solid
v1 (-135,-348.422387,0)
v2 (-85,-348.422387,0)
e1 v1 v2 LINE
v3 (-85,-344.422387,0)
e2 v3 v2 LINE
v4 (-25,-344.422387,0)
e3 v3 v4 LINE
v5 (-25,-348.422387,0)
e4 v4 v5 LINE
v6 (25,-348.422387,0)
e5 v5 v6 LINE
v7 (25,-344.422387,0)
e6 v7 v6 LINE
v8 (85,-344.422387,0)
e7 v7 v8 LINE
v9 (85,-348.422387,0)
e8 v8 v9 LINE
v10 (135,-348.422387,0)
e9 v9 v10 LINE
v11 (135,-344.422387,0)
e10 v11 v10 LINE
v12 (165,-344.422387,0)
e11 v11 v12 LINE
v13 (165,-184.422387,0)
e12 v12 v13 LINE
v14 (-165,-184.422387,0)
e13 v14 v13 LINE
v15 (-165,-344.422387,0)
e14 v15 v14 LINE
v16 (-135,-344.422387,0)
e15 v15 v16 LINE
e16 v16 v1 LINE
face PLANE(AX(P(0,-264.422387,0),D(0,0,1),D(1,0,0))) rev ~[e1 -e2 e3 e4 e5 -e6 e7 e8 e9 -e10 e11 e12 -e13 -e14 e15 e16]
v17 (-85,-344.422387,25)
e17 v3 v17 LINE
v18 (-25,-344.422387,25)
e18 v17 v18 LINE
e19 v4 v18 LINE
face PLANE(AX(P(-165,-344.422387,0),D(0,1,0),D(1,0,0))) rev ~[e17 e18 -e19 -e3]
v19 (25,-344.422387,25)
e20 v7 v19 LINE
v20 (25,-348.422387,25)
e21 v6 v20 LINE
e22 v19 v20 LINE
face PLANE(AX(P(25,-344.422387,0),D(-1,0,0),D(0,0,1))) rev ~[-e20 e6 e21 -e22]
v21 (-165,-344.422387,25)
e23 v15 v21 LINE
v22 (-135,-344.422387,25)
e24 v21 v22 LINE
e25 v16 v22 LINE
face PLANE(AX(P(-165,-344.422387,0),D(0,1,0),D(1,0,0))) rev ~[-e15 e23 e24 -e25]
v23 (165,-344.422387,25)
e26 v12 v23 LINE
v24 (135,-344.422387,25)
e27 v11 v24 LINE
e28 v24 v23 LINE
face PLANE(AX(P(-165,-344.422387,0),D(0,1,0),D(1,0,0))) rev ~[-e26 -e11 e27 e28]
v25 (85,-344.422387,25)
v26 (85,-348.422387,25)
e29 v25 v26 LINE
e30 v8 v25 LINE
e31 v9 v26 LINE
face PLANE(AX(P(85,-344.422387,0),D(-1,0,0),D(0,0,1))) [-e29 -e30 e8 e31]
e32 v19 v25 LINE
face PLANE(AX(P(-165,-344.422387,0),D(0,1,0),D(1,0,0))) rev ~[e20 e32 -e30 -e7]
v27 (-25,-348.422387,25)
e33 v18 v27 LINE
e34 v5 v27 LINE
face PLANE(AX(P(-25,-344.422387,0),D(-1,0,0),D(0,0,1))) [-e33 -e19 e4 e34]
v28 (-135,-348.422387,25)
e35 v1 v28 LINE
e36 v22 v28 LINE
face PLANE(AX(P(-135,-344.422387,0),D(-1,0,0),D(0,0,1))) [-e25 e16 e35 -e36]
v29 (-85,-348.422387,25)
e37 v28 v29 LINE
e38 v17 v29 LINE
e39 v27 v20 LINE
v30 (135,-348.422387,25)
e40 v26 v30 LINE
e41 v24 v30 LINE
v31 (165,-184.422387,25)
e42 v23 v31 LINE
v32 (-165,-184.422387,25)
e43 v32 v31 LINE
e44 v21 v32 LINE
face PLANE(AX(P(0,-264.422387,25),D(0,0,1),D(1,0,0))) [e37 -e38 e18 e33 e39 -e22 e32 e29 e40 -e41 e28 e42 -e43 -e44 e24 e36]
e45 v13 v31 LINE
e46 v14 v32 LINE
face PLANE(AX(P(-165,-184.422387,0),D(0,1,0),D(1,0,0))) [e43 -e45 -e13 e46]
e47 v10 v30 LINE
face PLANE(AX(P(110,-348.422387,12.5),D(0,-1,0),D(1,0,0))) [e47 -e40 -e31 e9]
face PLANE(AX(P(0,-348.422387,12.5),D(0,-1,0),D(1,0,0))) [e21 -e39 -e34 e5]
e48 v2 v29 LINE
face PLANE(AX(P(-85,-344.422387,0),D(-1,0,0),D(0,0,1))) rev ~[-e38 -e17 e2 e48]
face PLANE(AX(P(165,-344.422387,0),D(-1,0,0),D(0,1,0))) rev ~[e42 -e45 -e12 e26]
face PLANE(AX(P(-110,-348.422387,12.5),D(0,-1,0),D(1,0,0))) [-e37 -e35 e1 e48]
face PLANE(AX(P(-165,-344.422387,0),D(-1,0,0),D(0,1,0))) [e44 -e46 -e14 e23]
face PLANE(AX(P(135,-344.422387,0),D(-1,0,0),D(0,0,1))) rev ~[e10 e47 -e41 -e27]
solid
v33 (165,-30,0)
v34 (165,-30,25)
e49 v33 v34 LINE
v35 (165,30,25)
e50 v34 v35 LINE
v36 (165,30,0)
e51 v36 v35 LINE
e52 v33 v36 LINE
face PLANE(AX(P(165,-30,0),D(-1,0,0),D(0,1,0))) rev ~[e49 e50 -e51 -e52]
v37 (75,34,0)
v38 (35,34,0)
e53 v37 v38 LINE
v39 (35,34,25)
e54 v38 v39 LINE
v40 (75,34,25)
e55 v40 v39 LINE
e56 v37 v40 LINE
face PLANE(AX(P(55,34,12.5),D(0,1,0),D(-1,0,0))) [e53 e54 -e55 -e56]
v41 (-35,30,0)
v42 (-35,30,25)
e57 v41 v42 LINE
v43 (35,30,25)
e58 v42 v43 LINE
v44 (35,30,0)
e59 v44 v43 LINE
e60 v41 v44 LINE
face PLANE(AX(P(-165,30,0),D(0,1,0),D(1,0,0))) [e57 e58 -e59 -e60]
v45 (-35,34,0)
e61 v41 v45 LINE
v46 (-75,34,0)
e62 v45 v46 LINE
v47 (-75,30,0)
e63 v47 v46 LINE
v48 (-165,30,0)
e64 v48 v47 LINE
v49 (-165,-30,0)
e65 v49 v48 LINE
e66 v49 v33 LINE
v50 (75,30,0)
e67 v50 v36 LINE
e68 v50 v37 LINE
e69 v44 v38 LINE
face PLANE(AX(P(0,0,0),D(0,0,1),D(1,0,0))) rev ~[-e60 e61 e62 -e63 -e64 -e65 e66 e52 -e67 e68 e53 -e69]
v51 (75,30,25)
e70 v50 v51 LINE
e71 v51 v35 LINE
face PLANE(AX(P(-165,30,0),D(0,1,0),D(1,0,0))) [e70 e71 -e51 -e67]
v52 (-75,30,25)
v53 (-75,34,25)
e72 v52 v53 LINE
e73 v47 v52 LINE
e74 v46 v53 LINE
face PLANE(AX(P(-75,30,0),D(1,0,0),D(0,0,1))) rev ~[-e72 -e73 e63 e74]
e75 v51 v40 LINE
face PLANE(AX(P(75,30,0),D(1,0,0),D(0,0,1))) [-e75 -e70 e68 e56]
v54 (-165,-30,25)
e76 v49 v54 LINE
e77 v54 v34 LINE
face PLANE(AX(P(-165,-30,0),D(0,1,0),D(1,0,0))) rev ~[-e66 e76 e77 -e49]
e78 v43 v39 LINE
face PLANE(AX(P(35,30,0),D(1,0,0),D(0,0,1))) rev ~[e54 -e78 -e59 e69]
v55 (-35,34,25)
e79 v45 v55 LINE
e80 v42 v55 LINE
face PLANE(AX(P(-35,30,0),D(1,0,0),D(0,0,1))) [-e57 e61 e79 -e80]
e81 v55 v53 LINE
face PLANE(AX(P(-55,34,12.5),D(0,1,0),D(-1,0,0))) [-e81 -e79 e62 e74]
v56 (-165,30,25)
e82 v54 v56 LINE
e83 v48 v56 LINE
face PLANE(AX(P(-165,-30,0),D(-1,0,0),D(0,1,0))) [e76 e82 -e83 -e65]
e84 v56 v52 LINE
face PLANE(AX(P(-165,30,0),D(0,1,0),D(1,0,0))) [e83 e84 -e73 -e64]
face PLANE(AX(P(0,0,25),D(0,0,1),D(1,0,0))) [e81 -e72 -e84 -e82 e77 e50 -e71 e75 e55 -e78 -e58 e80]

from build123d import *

# Parameters (mm, degrees)
F0_W     = 330
F0_H     = 60
F1_DEPTH = 25
F2_W     = 40
F2_H     = 25
F3_DEPTH = 4
F4_W     = 330
F4_H     = 160
F5_DEPTH = 25
F6_W     = 50
F6_H     = 25
F7_DEPTH = 4


with BuildPart() as f1:
    # F0 (on Top) → F1 (new body)
    with BuildSketch(Plane.XY):
        Rectangle(F0_W, F0_H)
    extrude(amount=F1_DEPTH)

    # F2 (on face) → F3 (join)
    with BuildSketch(Plane(origin=(0, 30, 0), x_dir=(-1, 0, 0), z_dir=(0, 1, 0))):
        with Locations((-55, 12.5)):
            Rectangle(F2_W, F2_H)
        with Locations((55, 12.5)):
            Rectangle(F2_W, F2_H)
    extrude(amount=F3_DEPTH)


with BuildPart() as f5:
    # F4 (on Top) → F5 (new body)
    with BuildSketch(Plane.XY):
        with Locations((0, -264.422387)):
            Rectangle(F4_W, F4_H)
    extrude(amount=F5_DEPTH)

    # F6 (on face) → F7 (join)
    with BuildSketch(Plane.XZ.offset(344.422387)):
        with Locations((-110, 12.5)):
            Rectangle(F6_W, F6_H)
        with Locations((110, 12.5)):
            Rectangle(F6_W, F6_H)
        with Locations((0, 12.5)):
            Rectangle(F6_W, F6_H)
    extrude(amount=F7_DEPTH)


solid = Compound([f1.part, f5.part])
